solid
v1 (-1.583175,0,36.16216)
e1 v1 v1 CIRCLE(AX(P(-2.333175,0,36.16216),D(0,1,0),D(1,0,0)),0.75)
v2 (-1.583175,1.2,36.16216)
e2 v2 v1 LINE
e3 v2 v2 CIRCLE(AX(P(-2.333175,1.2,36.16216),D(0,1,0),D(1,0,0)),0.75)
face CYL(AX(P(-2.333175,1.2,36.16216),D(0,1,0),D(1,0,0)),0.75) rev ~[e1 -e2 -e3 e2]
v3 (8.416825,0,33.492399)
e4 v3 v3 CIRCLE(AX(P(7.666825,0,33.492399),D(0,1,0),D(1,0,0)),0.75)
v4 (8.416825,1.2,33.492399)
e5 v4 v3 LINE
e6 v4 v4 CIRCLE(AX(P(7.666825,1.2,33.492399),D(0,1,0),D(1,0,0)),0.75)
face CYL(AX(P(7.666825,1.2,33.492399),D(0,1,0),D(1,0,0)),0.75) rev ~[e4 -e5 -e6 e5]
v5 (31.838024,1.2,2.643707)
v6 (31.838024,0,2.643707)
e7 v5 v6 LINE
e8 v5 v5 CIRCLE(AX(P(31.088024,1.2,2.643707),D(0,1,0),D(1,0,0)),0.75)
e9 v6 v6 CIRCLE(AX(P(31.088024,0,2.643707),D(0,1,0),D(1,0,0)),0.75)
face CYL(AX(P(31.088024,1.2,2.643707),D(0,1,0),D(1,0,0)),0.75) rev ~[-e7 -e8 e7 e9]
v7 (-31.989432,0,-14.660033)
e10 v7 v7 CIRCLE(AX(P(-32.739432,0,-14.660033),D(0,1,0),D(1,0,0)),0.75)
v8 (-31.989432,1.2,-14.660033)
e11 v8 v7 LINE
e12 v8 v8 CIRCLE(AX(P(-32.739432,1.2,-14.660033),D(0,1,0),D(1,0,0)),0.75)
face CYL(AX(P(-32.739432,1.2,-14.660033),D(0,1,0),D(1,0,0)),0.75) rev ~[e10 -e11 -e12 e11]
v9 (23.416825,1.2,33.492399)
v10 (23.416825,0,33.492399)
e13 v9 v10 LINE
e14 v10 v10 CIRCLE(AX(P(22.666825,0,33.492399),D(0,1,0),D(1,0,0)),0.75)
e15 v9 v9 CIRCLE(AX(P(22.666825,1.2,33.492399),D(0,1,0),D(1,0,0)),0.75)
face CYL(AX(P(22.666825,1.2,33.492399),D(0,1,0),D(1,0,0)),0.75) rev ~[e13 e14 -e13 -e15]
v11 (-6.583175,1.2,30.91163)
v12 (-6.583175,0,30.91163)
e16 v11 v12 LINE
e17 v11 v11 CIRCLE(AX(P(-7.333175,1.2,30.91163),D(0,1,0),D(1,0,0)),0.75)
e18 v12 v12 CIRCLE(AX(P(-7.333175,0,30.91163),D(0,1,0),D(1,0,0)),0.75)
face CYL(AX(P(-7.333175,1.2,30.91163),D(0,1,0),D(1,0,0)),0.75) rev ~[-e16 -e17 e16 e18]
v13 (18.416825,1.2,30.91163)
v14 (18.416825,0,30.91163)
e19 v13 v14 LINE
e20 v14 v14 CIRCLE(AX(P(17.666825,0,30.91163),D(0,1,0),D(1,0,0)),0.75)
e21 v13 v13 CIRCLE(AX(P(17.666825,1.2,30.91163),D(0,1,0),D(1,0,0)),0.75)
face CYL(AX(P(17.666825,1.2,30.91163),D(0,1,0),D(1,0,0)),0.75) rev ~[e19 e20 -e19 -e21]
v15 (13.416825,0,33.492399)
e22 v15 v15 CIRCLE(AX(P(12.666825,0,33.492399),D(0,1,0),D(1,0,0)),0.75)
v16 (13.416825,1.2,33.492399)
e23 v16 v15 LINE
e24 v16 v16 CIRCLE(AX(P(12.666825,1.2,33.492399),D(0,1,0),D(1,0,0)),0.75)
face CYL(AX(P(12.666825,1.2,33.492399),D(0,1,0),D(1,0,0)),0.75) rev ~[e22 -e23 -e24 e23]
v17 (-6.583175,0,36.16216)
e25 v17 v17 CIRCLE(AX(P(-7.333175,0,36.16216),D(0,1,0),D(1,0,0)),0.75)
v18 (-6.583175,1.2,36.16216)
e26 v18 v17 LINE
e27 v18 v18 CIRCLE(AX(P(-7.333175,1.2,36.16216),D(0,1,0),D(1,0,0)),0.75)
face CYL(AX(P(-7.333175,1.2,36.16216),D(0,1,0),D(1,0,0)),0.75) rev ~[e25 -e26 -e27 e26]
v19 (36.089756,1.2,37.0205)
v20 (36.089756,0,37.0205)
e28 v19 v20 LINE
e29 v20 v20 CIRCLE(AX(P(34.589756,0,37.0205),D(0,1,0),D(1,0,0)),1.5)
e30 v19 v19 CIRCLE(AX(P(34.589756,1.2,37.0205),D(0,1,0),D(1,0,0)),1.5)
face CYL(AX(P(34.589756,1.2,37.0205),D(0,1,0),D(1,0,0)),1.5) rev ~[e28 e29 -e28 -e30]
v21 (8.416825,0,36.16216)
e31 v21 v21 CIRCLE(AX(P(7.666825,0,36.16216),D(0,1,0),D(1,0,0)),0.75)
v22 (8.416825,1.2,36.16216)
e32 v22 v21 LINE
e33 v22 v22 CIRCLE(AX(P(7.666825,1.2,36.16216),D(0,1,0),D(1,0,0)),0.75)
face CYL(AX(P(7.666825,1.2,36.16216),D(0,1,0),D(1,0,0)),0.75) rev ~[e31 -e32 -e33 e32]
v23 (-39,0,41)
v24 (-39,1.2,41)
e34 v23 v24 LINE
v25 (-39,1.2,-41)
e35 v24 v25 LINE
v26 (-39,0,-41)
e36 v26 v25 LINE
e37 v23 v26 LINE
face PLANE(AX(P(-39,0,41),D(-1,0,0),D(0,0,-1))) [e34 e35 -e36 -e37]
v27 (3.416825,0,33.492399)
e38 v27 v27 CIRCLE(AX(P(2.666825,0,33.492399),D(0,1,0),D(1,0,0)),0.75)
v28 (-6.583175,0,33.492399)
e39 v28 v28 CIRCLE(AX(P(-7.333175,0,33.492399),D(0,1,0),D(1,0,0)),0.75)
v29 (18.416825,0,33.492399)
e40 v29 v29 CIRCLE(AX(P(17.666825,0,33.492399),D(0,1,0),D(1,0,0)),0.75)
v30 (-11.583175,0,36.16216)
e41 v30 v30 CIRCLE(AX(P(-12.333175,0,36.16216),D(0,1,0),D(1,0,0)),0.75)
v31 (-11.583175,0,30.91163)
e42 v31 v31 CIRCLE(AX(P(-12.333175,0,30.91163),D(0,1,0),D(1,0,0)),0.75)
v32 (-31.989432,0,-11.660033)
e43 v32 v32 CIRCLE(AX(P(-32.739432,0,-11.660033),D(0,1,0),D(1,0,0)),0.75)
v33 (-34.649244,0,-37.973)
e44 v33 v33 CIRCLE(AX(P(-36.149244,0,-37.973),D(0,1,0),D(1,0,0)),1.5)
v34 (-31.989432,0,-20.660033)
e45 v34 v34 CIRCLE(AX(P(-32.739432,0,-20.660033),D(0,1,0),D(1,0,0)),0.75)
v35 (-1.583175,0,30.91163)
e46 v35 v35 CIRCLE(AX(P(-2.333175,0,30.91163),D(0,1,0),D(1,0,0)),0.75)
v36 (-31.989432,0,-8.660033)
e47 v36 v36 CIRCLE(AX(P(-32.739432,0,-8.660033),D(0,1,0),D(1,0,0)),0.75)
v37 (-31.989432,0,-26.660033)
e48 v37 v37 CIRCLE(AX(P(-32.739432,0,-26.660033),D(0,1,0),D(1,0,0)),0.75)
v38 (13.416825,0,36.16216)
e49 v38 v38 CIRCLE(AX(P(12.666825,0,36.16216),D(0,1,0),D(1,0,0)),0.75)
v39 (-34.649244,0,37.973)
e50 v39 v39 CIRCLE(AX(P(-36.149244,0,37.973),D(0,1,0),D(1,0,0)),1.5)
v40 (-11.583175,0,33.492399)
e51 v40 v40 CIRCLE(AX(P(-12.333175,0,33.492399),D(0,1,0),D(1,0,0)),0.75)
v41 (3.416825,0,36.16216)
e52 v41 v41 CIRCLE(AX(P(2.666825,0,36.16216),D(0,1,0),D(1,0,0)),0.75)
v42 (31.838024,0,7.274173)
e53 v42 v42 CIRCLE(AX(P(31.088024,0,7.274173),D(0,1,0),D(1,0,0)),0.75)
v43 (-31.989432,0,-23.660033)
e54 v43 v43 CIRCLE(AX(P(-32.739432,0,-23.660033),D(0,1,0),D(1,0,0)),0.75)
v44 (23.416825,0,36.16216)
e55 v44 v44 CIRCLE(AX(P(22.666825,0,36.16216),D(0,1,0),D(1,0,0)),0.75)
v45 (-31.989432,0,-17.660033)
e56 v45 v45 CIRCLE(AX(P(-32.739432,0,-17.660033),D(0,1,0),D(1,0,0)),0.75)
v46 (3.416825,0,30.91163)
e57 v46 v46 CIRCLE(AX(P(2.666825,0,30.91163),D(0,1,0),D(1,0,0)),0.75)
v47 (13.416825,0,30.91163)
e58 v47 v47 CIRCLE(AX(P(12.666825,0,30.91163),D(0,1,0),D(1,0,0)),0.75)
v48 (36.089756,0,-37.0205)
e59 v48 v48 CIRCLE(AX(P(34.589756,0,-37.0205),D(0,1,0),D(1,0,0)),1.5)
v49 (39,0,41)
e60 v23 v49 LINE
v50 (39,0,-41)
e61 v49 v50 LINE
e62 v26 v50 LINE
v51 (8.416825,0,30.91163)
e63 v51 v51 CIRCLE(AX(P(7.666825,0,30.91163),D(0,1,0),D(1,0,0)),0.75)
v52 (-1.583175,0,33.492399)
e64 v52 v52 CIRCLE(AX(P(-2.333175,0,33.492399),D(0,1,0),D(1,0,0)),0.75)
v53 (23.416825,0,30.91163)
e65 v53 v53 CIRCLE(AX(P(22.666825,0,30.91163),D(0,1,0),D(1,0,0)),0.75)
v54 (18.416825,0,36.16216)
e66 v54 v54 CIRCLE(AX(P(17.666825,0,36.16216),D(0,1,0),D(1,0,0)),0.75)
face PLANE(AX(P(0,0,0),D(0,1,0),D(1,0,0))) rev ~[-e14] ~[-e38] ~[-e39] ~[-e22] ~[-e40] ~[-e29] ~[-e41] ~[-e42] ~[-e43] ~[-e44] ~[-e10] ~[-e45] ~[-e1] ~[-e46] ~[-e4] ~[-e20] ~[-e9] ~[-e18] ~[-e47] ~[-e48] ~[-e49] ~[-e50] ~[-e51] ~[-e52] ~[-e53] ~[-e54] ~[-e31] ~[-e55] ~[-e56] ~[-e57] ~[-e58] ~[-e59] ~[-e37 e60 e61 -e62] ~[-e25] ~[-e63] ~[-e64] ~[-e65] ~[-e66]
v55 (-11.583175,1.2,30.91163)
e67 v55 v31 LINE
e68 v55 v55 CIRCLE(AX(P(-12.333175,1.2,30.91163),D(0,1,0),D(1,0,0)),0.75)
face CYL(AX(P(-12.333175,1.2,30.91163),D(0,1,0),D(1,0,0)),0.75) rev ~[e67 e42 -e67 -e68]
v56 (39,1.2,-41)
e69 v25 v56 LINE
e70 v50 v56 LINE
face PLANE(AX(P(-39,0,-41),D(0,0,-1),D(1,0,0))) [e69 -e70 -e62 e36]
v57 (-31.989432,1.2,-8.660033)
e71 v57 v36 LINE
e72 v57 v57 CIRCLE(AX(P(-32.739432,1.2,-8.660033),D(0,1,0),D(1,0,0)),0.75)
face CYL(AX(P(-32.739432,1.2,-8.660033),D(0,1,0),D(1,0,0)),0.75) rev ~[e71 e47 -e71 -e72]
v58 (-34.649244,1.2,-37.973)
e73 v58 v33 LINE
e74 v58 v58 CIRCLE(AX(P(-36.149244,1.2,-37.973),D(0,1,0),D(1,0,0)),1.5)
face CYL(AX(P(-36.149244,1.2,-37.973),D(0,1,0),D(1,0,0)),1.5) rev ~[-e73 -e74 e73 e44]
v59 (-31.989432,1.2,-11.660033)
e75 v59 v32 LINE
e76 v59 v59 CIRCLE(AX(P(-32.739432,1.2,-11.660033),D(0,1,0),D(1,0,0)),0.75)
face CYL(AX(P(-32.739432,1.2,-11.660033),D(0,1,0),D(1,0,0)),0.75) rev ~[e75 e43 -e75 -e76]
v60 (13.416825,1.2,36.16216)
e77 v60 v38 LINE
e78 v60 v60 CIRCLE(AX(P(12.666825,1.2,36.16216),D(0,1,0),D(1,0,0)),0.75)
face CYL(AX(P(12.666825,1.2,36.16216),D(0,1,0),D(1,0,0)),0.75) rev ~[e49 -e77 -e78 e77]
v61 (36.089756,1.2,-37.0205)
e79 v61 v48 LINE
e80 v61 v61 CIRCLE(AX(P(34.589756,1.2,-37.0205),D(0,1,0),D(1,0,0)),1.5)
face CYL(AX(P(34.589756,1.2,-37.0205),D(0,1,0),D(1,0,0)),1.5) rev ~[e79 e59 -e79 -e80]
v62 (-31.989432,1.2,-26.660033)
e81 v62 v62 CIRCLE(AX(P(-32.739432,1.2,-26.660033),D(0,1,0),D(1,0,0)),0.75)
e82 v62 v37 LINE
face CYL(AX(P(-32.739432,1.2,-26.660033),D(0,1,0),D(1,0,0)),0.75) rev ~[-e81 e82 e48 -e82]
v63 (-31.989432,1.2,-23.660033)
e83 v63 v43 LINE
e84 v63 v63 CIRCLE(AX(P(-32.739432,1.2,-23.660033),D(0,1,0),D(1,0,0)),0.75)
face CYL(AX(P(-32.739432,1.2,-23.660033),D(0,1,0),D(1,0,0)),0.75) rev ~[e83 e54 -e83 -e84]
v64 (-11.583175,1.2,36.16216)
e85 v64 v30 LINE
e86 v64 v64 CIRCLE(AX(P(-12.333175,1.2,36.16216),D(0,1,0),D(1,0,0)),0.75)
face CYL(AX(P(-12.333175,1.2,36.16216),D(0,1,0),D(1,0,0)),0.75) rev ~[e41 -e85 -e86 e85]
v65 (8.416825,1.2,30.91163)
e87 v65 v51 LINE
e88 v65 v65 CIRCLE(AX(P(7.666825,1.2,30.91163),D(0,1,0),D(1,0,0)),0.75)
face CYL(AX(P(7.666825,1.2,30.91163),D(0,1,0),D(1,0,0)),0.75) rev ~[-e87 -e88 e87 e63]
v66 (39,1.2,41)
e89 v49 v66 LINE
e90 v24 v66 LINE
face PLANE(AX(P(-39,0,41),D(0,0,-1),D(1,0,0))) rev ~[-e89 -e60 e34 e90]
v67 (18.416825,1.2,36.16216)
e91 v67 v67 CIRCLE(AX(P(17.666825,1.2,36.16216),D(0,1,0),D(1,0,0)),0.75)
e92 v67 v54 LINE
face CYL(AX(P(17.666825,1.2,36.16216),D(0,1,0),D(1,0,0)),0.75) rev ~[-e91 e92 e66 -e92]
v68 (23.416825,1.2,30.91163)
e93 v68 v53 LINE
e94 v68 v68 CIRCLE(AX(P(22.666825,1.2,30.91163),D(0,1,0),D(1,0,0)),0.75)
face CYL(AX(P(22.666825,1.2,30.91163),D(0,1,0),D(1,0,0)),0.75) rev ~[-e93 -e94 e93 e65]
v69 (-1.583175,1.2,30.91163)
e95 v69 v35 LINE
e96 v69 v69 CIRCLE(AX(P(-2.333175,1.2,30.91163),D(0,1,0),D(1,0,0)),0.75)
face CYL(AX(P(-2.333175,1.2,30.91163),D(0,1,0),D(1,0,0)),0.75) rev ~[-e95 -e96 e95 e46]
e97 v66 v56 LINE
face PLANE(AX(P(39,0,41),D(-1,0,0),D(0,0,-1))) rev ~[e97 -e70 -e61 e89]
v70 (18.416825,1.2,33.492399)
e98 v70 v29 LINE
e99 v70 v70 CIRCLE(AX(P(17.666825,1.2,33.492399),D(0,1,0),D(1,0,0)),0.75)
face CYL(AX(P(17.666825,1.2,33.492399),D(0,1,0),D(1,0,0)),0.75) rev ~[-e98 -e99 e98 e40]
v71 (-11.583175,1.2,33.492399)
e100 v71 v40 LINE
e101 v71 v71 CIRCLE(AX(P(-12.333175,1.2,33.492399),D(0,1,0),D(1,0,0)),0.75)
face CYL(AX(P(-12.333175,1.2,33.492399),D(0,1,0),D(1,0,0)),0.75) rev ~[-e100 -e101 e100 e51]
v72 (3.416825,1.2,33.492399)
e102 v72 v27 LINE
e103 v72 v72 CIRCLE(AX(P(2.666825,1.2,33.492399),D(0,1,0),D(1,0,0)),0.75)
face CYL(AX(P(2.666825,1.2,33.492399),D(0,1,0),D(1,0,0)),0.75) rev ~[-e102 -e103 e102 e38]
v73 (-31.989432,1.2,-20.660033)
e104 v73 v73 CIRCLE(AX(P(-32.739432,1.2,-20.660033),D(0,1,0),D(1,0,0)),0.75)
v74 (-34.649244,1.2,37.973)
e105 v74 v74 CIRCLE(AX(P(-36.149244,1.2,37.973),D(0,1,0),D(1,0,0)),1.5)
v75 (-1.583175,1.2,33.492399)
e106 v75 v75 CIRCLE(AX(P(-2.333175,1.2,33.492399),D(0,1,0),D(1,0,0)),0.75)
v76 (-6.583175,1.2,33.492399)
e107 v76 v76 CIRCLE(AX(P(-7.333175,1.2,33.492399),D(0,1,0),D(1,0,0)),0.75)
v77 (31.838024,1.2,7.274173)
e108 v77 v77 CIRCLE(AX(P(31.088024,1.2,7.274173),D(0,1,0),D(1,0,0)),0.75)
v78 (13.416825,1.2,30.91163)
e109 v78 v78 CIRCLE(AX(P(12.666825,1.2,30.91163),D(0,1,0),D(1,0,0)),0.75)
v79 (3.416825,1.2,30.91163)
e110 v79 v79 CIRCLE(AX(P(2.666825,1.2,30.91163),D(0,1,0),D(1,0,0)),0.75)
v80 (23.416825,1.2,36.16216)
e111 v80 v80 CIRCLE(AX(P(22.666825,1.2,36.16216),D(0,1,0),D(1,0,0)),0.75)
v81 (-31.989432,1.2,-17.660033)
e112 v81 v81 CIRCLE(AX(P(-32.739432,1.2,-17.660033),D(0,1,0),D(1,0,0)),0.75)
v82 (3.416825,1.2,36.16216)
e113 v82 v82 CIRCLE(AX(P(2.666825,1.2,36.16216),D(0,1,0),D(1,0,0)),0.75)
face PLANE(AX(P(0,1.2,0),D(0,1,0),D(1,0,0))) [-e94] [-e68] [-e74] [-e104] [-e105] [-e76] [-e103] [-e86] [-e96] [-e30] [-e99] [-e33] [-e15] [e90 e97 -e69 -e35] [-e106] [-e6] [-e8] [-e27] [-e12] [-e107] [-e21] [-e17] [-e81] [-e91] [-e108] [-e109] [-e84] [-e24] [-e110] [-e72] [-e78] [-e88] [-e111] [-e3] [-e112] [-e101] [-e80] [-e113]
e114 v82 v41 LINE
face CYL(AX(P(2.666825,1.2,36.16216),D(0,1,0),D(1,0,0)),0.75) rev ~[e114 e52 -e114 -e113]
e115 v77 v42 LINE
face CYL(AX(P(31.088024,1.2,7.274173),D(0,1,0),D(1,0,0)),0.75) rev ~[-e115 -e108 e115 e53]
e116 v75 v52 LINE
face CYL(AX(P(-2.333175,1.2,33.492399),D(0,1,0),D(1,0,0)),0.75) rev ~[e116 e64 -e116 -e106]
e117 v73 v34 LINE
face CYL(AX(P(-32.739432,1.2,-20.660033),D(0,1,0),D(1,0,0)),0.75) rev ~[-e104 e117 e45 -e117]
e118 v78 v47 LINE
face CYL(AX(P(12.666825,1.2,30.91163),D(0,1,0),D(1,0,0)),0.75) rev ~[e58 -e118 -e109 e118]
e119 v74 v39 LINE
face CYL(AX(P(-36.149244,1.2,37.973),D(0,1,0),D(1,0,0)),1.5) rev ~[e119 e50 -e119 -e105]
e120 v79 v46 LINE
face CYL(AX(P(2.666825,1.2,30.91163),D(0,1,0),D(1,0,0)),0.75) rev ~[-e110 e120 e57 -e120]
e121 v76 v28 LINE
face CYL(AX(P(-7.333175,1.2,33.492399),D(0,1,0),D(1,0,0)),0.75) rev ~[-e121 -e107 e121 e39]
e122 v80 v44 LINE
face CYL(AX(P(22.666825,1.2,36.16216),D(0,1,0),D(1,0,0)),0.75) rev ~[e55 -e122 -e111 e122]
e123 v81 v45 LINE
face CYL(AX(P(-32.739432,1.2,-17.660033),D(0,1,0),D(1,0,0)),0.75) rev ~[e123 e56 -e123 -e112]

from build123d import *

# Parameters (mm, degrees)
SKETCH_1_W          = 78
SKETCH_1_H          = 82
EXTRUDE_1_DEPTH     = 1.2
SKETCH_2_R          = 1.5
CUT_EXTRUDE_1_DEPTH = 2.2
SKETCH_4_R          = 0.75
CUT_EXTRUDE_2_DEPTH = 2.2


with BuildPart() as part:
    # 草图1 → 凸台-拉伸1 (new body)
    with BuildSketch(Plane(origin=(0, 0, 0), x_dir=(1, 0, 0), z_dir=(0, 1, 0))):
        Rectangle(SKETCH_1_W, SKETCH_1_H)
    extrude(amount=EXTRUDE_1_DEPTH)

    # 草图2 → 切除-拉伸1 (cut, through all)
    with BuildSketch(Plane(origin=(0, 1.2, 0), x_dir=(1, 0, 0), z_dir=(0, 1, 0))):
        with Locations((34.589756088, 37.0205)):
            Circle(SKETCH_2_R)
        with Locations((34.589756088, -37.0205)):
            Circle(SKETCH_2_R)
        with Locations((-36.149243912, 37.973)):
            Circle(SKETCH_2_R)
        with Locations((-36.149243912, -37.973)):
            Circle(SKETCH_2_R)
    extrude(amount=-CUT_EXTRUDE_1_DEPTH, mode=Mode.SUBTRACT)

    # 草图4 → 切除-拉伸2 (cut, through all)
    with BuildSketch(Plane(origin=(0, 1.2, 0), x_dir=(1, 0, 0), z_dir=(0, 1, 0))):
        with Locations((31.088023819, -2.643707058)):
            Circle(SKETCH_4_R)
        with Locations((31.088023819, -7.274172682)):
            Circle(SKETCH_4_R)
        with Locations((-32.739432301, 26.660033395)):
            Circle(SKETCH_4_R)
        with Locations((22.666825283, -30.91162983)):
            Circle(SKETCH_4_R)
        with Locations((22.666825283, -33.492399097)):
            Circle(SKETCH_4_R)
        with Locations((22.666825283, -36.162160408)):
            Circle(SKETCH_4_R)
        with Locations((17.666825283, -36.162160408)):
            Circle(SKETCH_4_R)
        with Locations((17.666825283, -33.492399097)):
            Circle(SKETCH_4_R)
        with Locations((17.666825283, -30.91162983)):
            Circle(SKETCH_4_R)
        with Locations((12.666825283, -36.162160408)):
            Circle(SKETCH_4_R)
        with Locations((12.666825283, -33.492399097)):
            Circle(SKETCH_4_R)
        with Locations((12.666825283, -30.91162983)):
            Circle(SKETCH_4_R)
        with Locations((7.666825283, -36.162160408)):
            Circle(SKETCH_4_R)
        with Locations((7.666825283, -33.492399097)):
            Circle(SKETCH_4_R)
        with Locations((7.666825283, -30.91162983)):
            Circle(SKETCH_4_R)
        with Locations((2.666825283, -36.162160408)):
            Circle(SKETCH_4_R)
        with Locations((2.666825283, -33.492399097)):
            Circle(SKETCH_4_R)
        with Locations((2.666825283, -30.91162983)):
            Circle(SKETCH_4_R)
        with Locations((-2.333174717, -36.162160408)):
            Circle(SKETCH_4_R)
        with Locations((-2.333174717, -33.492399097)):
            Circle(SKETCH_4_R)
        with Locations((-2.333174717, -30.91162983)):
            Circle(SKETCH_4_R)
        with Locations((-7.333174717, -36.162160408)):
            Circle(SKETCH_4_R)
        with Locations((-7.333174717, -33.492399097)):
            Circle(SKETCH_4_R)
        with Locations((-7.333174717, -30.91162983)):
            Circle(SKETCH_4_R)
        with Locations((-12.333174717, -36.162160408)):
            Circle(SKETCH_4_R)
        with Locations((-12.333174717, -33.492399097)):
            Circle(SKETCH_4_R)
        with Locations((-12.333174717, -30.91162983)):
            Circle(SKETCH_4_R)
        with Locations((-32.739432301, 23.660033395)):
            Circle(SKETCH_4_R)
        with Locations((-32.739432301, 20.660033395)):
            Circle(SKETCH_4_R)
        with Locations((-32.739432301, 17.660033395)):
            Circle(SKETCH_4_R)
        with Locations((-32.739432301, 14.660033395)):
            Circle(SKETCH_4_R)
        with Locations((-32.739432301, 11.660033395)):
            Circle(SKETCH_4_R)
        with Locations((-32.739432301, 8.660033395)):
            Circle(SKETCH_4_R)
    extrude(amount=-CUT_EXTRUDE_2_DEPTH, mode=Mode.SUBTRACT)


solid = part.part
